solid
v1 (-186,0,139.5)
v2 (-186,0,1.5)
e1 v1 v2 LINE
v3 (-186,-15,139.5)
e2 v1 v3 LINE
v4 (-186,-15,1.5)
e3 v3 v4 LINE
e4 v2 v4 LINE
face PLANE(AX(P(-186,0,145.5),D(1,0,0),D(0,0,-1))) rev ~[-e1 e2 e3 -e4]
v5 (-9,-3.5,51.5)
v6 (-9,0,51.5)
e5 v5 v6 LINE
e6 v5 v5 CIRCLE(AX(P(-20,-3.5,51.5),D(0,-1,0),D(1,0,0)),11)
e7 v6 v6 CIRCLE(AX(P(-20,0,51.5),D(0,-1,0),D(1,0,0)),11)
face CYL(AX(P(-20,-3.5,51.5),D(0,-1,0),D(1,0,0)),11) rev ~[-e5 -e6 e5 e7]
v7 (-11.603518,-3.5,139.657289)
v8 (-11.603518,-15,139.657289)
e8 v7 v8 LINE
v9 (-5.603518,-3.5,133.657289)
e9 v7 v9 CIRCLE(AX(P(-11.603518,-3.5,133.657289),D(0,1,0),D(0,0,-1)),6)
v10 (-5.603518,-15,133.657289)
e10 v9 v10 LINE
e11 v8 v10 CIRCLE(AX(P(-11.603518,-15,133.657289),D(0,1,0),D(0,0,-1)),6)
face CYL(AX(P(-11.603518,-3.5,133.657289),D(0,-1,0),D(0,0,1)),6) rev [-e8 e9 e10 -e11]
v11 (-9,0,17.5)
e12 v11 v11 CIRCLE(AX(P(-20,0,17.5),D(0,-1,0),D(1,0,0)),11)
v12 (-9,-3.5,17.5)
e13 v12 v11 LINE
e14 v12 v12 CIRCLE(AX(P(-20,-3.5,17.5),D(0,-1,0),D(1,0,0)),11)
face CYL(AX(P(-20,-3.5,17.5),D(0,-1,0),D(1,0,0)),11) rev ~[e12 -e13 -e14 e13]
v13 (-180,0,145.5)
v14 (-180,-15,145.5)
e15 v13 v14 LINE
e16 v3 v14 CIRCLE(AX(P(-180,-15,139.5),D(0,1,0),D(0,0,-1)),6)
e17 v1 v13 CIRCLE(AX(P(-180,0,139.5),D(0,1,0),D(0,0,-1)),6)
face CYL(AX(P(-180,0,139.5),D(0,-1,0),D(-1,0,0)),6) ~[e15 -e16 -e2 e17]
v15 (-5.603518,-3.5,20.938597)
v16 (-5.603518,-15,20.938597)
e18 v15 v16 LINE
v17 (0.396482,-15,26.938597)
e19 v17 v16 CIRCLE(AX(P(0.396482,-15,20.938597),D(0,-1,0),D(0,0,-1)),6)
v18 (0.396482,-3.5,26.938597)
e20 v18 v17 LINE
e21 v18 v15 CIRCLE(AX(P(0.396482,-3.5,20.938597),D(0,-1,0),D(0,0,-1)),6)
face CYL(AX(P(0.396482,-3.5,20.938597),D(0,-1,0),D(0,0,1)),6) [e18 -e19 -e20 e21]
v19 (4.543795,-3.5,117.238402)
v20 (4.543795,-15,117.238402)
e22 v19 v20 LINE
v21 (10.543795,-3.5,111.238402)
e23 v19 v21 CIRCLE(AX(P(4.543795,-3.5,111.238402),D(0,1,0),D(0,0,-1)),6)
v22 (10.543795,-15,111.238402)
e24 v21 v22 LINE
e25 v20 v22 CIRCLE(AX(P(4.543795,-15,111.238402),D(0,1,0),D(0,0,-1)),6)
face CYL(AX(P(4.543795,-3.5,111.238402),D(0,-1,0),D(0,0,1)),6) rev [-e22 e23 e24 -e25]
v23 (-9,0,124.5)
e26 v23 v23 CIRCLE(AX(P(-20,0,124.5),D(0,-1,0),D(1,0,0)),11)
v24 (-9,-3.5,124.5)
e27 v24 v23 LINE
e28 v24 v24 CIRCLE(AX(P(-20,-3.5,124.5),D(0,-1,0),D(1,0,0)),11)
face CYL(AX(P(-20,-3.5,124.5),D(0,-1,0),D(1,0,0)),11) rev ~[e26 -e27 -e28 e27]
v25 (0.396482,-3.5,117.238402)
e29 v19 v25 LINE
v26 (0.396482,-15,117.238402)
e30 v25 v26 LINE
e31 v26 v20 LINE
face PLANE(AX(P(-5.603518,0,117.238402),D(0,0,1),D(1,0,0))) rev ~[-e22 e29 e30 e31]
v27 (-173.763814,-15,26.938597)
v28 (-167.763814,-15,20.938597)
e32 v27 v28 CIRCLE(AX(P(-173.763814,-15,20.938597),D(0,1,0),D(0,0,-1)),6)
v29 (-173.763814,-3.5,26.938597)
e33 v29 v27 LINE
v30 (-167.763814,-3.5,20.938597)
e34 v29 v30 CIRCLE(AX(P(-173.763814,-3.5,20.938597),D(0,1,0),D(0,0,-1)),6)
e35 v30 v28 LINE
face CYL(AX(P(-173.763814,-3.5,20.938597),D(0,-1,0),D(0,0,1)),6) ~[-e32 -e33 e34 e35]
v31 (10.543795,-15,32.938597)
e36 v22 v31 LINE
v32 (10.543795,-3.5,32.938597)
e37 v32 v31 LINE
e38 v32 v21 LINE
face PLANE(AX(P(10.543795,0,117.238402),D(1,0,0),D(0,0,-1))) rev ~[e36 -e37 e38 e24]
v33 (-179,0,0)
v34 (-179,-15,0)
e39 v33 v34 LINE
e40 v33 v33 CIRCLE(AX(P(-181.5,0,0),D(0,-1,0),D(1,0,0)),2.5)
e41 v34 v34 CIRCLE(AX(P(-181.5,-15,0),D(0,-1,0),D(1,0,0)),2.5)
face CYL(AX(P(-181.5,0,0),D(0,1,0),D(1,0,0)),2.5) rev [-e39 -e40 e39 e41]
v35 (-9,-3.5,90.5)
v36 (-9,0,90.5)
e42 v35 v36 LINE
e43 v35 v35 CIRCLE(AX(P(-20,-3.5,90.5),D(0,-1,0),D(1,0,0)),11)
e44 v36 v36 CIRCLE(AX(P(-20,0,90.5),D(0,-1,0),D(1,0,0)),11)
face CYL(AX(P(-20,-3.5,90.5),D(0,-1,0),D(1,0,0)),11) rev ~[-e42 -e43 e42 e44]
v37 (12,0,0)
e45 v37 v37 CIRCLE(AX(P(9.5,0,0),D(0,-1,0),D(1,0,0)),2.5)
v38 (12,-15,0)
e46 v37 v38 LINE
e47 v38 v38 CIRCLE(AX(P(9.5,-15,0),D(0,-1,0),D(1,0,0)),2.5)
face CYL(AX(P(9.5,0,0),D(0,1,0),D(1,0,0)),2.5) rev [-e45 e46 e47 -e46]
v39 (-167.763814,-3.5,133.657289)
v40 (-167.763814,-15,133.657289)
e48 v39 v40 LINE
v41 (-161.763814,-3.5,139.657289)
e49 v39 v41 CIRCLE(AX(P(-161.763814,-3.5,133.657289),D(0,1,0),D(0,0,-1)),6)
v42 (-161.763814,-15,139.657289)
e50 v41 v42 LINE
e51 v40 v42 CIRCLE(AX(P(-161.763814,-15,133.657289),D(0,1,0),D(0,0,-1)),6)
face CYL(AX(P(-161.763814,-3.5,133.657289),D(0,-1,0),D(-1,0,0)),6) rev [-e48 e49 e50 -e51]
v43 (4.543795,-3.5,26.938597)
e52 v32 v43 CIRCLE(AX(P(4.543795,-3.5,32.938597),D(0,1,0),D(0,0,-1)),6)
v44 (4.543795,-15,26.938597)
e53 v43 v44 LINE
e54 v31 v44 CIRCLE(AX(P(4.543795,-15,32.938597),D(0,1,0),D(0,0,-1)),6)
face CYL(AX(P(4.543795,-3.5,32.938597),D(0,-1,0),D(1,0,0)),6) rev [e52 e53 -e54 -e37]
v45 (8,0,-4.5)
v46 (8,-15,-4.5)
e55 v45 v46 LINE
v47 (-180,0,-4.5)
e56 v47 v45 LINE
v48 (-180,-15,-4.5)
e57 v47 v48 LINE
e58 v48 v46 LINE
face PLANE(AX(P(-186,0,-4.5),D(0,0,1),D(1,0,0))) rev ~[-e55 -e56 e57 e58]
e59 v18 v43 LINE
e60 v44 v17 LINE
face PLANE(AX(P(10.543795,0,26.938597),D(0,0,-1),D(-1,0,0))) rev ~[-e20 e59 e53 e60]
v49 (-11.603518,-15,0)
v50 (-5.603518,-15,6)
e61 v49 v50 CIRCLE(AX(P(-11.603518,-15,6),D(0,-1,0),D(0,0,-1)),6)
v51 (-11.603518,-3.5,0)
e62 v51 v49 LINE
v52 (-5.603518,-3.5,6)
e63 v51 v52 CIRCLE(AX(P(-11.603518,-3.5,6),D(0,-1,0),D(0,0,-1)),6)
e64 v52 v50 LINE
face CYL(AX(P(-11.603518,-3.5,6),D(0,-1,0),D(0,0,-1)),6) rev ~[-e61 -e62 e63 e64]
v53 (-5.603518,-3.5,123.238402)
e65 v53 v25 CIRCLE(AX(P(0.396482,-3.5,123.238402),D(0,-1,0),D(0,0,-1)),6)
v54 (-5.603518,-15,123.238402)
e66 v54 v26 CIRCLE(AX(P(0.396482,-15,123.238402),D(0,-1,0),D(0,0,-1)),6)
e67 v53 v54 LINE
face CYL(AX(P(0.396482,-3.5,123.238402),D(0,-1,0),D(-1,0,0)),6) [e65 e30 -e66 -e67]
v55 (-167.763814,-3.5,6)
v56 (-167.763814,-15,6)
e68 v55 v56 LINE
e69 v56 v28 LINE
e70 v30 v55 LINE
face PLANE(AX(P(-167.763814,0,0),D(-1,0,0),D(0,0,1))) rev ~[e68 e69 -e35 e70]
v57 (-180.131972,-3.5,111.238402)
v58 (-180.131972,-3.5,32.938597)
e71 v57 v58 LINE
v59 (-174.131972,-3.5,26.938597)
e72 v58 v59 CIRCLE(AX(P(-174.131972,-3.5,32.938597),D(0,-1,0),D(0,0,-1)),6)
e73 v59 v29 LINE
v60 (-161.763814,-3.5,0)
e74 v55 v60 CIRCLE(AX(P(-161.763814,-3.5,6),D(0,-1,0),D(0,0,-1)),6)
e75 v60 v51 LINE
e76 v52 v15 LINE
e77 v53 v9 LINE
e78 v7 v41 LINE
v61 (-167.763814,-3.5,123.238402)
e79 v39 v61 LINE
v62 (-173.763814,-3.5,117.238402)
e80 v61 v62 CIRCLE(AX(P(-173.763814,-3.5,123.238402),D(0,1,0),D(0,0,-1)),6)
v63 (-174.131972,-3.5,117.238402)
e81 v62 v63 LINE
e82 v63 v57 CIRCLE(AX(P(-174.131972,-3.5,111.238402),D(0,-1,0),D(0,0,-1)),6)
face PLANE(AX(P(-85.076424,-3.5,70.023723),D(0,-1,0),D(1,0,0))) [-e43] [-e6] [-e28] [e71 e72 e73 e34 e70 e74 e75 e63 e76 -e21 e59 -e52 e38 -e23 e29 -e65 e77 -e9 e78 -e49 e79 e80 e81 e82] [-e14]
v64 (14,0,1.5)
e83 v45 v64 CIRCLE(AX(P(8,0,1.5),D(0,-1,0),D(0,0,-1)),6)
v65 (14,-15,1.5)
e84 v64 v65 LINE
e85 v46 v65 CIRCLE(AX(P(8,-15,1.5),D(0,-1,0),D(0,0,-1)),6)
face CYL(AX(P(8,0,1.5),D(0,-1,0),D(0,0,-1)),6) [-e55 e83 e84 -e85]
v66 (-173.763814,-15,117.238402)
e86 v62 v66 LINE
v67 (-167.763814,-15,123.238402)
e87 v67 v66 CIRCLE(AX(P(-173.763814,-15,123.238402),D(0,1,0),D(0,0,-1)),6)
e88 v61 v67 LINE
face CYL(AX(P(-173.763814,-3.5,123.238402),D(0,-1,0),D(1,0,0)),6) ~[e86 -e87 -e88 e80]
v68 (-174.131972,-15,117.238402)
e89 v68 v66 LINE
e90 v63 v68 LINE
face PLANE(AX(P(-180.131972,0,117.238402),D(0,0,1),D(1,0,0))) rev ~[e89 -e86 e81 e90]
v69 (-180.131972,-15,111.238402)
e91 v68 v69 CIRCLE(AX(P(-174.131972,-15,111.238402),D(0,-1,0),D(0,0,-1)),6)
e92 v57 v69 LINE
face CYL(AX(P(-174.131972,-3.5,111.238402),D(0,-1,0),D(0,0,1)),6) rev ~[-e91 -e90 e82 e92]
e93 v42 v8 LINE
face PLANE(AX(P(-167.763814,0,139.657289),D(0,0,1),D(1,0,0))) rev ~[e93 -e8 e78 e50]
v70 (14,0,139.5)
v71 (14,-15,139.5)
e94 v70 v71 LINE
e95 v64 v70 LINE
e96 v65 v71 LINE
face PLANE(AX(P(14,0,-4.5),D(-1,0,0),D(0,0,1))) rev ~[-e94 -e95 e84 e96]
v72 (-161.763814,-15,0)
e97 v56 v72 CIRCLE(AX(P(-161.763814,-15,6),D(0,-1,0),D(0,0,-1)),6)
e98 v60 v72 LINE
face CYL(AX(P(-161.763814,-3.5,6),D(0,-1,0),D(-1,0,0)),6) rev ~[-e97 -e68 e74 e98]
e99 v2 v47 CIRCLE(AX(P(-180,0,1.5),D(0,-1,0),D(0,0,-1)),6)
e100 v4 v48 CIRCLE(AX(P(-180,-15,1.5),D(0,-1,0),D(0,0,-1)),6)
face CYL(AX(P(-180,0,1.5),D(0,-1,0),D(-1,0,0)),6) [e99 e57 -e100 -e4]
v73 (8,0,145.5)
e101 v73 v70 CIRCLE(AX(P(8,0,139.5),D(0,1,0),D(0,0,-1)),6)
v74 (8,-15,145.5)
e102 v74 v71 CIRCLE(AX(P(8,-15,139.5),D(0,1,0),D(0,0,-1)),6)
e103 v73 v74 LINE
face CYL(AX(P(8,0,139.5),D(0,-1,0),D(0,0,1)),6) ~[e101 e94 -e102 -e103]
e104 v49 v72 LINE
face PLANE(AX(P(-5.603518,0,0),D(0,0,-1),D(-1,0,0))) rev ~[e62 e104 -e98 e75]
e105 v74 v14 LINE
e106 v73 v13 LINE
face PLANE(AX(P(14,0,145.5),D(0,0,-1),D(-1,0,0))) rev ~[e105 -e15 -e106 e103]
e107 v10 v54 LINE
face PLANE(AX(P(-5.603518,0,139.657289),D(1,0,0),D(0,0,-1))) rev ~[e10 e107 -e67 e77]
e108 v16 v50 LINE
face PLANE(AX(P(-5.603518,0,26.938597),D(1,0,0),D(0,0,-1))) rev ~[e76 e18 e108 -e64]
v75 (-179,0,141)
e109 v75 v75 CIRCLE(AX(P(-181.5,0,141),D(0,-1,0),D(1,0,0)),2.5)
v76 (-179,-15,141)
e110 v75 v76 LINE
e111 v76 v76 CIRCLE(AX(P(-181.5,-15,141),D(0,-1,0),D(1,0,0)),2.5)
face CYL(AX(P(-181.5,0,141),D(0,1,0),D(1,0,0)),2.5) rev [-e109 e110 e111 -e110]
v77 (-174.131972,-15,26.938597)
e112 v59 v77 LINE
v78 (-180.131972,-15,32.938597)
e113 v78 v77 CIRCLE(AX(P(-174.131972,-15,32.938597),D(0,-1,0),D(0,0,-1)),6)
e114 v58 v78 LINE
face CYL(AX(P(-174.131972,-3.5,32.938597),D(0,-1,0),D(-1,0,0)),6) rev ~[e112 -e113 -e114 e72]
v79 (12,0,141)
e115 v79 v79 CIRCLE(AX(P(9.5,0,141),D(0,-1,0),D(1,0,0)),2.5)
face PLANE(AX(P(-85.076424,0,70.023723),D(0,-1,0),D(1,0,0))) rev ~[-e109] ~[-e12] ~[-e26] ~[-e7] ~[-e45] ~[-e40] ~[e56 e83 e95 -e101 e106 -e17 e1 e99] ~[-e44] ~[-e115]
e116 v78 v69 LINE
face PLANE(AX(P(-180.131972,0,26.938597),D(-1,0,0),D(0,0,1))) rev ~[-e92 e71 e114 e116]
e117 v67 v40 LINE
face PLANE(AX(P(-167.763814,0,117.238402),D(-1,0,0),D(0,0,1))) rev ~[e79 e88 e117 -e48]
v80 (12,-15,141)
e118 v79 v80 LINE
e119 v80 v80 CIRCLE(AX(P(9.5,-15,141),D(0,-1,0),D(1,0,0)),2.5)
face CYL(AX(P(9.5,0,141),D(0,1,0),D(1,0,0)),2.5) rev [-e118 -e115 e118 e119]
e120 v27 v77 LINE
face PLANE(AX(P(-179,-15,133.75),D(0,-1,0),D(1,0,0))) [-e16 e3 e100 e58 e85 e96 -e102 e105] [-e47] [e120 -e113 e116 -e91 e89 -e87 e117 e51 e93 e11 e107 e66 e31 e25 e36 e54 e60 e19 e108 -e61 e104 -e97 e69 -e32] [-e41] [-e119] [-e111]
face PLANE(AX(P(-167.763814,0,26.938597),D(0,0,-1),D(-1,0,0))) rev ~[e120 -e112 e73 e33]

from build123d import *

# Parameters (mm, degrees)
F0_W     = 14
F0_H     = 23.5
F0_R     = 2.5
F1_DEPTH = 15
F2_DEPTH = 3.5
F3_R     = 6
F4_R     = 11
F5_DEPTH = 25


with BuildPart() as f1:
    # F0 (on Front) → F1 (new body)
    with BuildSketch(Plane.XZ):
        with Locations((-179, 133.75)):
            Rectangle(F0_W, F0_H)
        with Locations((-181.5, 141)):
            Circle(F0_R, mode=Mode.SUBTRACT)
        Polygon((0, 145.5), (-172, 145.5), (-172, 122), (-186, 122), (-186, 19), (-172, 19), (-172, -4.5), (0, -4.5), (0, 19), (14, 19), (14, 122), (0, 122), align=None)
        Polygon((-167.763814, 139.657289), (-5.603518, 139.657289), (-5.603518, 117.238402), (10.543795, 117.238402), (10.543795, 26.938597), (-5.603518, 26.938597), (-5.603518, 0), (-167.763814, 0), (-167.763814, 26.938597), (-180.131972, 26.938597), (-180.131972, 117.238402), (-167.763814, 117.238402), align=None, mode=Mode.SUBTRACT)
        with Locations((7, 133.75)):
            Rectangle(F0_W, F0_H)
        with Locations((9.5, 141)):
            Circle(F0_R, mode=Mode.SUBTRACT)
        with Locations((-179, 7.25)):
            Rectangle(F0_W, F0_H)
        with Locations((-181.5, 0)):
            Circle(F0_R, mode=Mode.SUBTRACT)
        with Locations((7, 7.25)):
            Rectangle(F0_W, F0_H)
        with Locations((9.5, 0)):
            Circle(F0_R, mode=Mode.SUBTRACT)
    extrude(amount=F1_DEPTH)

    # F0 (on Front) → F2 (join)
    with BuildSketch(Plane.XZ):
        Polygon((-5.603518, 117.238402), (-5.603518, 139.657289), (-167.763814, 139.657289), (-167.763814, 117.238402), (-180.131972, 117.238402), (-180.131972, 26.938597), (-167.763814, 26.938597), (-167.763814, 0), (-5.603518, 0), (-5.603518, 26.938597), (10.543795, 26.938597), (10.543795, 117.238402), align=None)
    extrude(amount=F2_DEPTH)

    # F3
    f3_edges = [f1.edges().sort_by_distance(p)[0] for p in [
        (-186, -7.5, 145.5),
        (-186, -7.5, -4.5),
        (14, -7.5, -4.5),
        (14, -7.5, 145.5),
        (-180.131972, -9.25, 26.938597),
        (-167.763814, -9.25, 26.938597),
        (-167.763814, -9.25, 0),
        (-5.603518, -9.25, 0),
        (-5.603518, -9.25, 26.938597),
        (10.543795, -9.25, 26.938597),
        (-180.131972, -9.25, 117.238402),
        (-167.763814, -9.25, 117.238402),
        (-167.763814, -9.25, 139.657289),
        (10.543795, -9.25, 117.238402),
        (-5.603518, -9.25, 117.238402),
        (-5.603518, -9.25, 139.657289),
    ]]
    fillet(f3_edges, radius=F3_R)

    # F4 (on face) → F5 (cut)
    with BuildSketch(Plane.XZ.offset(3.5)):
        with Locations((-20, 124.5)):
            Circle(F4_R)
        with Locations((-20, 90.5)):
            Circle(F4_R)
        with Locations((-20, 51.5)):
            Circle(F4_R)
        with Locations((-20, 17.5)):
            Circle(F4_R)
    extrude(amount=-F5_DEPTH, mode=Mode.SUBTRACT)


solid = f1.part
